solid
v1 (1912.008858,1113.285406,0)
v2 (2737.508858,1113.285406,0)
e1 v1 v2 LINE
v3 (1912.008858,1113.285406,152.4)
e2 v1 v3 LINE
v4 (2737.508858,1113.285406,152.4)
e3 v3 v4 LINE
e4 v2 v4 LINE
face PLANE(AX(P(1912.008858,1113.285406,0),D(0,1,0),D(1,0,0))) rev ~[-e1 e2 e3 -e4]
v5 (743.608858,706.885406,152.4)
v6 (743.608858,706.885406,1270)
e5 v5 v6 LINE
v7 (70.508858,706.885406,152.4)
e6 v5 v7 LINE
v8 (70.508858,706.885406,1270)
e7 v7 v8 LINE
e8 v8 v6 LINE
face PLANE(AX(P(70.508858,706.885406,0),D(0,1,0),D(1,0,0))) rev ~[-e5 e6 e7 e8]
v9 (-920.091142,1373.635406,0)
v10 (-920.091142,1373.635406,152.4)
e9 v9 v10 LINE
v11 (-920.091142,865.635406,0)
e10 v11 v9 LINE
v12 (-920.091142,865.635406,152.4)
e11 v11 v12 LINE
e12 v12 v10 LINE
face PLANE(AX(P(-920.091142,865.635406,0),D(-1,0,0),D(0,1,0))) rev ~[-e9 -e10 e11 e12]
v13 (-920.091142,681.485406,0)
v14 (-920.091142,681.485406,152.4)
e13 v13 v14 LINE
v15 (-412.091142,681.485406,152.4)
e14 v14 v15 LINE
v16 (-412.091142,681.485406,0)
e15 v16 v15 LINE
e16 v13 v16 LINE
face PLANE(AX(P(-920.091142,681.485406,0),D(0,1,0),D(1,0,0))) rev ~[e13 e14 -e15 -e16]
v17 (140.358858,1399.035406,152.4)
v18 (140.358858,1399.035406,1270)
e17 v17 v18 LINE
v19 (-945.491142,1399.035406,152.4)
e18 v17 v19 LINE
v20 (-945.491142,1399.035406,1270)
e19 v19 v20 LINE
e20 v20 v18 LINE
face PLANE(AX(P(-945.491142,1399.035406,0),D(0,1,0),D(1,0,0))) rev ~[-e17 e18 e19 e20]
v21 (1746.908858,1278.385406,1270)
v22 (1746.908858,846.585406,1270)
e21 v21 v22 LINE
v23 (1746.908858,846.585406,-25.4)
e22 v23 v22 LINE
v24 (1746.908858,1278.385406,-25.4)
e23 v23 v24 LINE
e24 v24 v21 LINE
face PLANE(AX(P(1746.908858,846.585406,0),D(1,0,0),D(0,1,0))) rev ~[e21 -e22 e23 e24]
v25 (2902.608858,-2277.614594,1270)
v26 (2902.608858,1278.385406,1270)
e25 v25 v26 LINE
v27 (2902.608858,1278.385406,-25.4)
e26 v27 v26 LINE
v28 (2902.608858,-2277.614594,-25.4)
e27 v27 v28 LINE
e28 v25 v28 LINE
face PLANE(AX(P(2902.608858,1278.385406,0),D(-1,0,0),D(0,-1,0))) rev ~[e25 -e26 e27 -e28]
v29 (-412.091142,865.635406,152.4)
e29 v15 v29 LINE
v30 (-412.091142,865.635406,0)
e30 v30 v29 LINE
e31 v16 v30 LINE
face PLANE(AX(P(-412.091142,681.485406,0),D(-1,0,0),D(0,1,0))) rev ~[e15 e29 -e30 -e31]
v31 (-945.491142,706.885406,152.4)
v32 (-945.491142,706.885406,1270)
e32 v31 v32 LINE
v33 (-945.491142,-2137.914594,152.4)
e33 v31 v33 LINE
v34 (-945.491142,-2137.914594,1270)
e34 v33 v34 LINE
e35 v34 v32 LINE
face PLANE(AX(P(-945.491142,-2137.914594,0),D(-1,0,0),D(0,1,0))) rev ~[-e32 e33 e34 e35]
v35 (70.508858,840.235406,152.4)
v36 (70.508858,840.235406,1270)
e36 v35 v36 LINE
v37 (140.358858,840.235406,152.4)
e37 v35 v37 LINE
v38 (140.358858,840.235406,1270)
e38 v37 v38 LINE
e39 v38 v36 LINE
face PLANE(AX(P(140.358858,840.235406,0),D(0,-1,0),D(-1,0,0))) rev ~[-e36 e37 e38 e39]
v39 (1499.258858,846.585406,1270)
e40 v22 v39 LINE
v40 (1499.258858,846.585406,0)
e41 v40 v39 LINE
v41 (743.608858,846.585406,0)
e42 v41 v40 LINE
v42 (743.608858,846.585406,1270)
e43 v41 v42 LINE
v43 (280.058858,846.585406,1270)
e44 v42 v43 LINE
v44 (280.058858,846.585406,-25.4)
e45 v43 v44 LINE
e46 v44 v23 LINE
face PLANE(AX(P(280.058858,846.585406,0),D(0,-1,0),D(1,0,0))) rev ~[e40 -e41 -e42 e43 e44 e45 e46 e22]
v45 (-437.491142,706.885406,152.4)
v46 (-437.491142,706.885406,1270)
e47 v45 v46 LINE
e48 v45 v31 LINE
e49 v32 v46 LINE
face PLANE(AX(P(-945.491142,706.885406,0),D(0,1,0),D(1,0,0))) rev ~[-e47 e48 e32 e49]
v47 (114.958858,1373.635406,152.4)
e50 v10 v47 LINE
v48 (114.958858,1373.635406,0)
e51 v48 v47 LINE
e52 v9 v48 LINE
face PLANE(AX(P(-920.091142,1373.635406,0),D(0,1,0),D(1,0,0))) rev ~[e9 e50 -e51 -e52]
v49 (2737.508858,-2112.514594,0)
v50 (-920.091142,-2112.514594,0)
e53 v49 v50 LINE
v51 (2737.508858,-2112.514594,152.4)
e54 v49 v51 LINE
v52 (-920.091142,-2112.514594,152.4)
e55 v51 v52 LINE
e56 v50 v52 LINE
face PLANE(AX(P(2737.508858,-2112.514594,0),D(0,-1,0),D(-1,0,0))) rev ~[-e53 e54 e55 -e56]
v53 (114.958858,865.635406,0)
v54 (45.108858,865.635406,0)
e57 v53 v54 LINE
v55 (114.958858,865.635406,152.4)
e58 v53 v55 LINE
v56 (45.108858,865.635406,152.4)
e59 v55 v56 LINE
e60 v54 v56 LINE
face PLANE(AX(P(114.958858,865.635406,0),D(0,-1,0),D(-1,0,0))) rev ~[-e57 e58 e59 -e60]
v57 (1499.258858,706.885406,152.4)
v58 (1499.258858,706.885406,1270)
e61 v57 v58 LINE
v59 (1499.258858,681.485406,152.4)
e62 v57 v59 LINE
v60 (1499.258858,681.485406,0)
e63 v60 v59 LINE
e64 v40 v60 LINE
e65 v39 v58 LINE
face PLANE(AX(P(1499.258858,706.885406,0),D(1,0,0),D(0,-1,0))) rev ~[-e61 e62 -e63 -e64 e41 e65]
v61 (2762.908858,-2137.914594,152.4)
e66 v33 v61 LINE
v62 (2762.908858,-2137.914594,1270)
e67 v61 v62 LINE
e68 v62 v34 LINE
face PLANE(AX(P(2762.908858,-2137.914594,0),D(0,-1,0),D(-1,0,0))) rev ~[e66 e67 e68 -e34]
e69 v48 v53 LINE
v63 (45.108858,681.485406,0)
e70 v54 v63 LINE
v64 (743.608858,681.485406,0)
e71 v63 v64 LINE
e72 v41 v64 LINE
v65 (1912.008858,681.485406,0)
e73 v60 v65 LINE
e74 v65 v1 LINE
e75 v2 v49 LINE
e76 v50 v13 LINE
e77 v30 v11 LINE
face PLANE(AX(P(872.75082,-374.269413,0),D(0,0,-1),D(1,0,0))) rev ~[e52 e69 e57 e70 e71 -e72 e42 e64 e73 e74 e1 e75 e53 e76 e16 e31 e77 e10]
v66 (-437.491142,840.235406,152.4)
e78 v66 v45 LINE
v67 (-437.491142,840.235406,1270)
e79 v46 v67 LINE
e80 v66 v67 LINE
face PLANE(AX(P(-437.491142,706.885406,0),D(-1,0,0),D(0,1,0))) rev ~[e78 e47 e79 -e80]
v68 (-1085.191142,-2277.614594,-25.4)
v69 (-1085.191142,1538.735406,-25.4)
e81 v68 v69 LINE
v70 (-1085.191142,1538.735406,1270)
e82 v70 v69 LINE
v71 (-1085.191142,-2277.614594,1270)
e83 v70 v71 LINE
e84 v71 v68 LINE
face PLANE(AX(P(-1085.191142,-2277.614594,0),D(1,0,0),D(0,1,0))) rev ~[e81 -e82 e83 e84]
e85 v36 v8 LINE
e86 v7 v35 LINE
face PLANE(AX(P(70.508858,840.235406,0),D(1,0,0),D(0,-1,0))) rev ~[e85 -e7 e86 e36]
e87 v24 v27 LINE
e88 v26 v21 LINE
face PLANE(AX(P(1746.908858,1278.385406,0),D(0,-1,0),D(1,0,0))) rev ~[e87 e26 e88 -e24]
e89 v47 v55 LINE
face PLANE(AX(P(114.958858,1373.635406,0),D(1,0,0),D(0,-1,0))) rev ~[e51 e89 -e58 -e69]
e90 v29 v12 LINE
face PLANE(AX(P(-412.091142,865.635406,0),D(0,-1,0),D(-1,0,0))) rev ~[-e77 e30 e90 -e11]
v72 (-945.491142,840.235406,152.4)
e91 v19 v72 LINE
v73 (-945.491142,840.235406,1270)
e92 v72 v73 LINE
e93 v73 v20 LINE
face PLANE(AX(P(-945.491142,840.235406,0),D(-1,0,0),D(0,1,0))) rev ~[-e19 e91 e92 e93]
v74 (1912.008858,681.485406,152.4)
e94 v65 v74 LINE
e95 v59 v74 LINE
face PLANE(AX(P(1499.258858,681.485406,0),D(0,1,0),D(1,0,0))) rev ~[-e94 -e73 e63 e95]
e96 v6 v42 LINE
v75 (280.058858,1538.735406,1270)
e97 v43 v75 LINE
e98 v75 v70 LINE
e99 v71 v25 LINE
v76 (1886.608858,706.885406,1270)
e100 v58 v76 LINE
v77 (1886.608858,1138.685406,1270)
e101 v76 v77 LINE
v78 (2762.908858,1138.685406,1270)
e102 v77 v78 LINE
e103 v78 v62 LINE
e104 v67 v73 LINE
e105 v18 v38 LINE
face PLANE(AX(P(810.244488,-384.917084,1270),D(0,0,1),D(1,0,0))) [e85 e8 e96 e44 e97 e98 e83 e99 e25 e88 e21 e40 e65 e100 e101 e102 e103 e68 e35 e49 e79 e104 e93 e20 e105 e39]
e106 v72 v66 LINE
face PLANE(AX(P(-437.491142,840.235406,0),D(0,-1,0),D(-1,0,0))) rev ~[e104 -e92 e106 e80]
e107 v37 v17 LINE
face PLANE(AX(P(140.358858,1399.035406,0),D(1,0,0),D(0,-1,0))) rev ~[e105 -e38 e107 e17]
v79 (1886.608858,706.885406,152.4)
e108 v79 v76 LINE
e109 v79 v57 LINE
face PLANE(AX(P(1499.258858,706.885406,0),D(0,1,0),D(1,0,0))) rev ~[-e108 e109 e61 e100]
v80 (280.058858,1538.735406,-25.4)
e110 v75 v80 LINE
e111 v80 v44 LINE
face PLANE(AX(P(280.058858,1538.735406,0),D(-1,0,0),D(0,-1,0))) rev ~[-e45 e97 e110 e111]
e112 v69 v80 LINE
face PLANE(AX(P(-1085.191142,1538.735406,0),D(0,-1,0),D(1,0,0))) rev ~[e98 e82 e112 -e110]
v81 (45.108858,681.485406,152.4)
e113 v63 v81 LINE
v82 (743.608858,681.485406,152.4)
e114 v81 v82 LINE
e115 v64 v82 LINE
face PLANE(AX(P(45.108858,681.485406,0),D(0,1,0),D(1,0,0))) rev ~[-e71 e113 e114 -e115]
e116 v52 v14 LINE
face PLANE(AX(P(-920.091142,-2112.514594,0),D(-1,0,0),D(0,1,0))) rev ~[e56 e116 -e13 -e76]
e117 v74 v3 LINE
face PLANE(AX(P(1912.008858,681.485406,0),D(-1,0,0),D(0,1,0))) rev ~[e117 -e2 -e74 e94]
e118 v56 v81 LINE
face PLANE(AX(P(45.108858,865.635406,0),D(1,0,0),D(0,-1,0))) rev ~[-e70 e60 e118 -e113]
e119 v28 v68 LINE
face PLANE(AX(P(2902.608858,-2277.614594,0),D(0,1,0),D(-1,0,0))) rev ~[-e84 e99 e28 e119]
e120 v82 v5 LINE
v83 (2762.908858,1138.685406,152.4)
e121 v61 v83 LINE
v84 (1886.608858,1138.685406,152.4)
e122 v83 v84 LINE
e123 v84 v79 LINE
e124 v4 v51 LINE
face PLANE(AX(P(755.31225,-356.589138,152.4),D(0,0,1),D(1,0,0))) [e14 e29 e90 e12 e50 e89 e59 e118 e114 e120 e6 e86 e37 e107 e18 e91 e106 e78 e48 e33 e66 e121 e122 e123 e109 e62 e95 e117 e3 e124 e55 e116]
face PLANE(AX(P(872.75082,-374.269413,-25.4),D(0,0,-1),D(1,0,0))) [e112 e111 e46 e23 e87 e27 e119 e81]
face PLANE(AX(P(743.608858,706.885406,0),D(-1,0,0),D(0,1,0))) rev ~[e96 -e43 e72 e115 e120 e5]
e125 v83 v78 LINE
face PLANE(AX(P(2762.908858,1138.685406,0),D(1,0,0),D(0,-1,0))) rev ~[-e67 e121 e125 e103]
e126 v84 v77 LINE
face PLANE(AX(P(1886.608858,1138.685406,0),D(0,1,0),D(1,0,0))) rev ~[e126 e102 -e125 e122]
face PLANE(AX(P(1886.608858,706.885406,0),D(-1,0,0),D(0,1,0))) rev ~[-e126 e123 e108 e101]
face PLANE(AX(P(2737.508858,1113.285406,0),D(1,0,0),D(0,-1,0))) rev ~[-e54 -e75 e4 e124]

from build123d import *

# Parameters (mm, degrees)
F1_DEPTH = 1270
F3_DEPTH = 25.4
F5_DEPTH = 152.4


with BuildPart() as f1:
    # F0 (on Top) → F1 (new body)
    with BuildSketch(Plane.XY):
        Polygon((70.508858, 840.235406), (70.508858, 706.885406), (743.608858, 706.885406), (743.608858, 846.585406), (280.058858, 846.585406), (280.058858, 1538.735406), (-1085.191142, 1538.735406), (-1085.191142, -2277.614594), (2902.608858, -2277.614594), (2902.608858, 1278.385406), (1746.908858, 1278.385406), (1746.908858, 846.585406), (1499.258858, 846.585406), (1499.258858, 706.885406), (1886.608858, 706.885406), (1886.608858, 1138.685406), (2762.908858, 1138.685406), (2762.908858, -2137.914594), (-945.491142, -2137.914594), (-945.491142, 706.885406), (-437.491142, 706.885406), (-437.491142, 840.235406), (-945.491142, 840.235406), (-945.491142, 1399.035406), (140.358858, 1399.035406), (140.358858, 840.235406), align=None)
    extrude(amount=F1_DEPTH)

    # F2 (on face) → F3 (join)
    with BuildSketch(Plane(origin=(0, 0, 0), x_dir=(1, 0, 0), z_dir=(0, 0, -1))):
        Polygon((2902.608858, -1278.385406), (2902.608858, 2277.614594), (-1085.191142, 2277.614594), (-1085.191142, -1538.735406), (280.058858, -1538.735406), (280.058858, -846.585406), (1746.908858, -846.585406), (1746.908858, -1278.385406), align=None)
    extrude(amount=F3_DEPTH)

    # F4 (on face) → F5 (join)
    with BuildSketch(Plane.XY):
        Polygon((2762.908858, 1138.685406), (1886.608858, 1138.685406), (1886.608858, 706.885406), (1499.258858, 706.885406), (1499.258858, 681.485406), (1912.008858, 681.485406), (1912.008858, 1113.285406), (2737.508858, 1113.285406), (2737.508858, -2112.514594), (-920.091142, -2112.514594), (-920.091142, 681.485406), (-412.091142, 681.485406), (-412.091142, 865.635406), (-920.091142, 865.635406), (-920.091142, 1373.635406), (114.958858, 1373.635406), (114.958858, 865.635406), (45.108858, 865.635406), (45.108858, 681.485406), (743.608858, 681.485406), (743.608858, 706.885406), (70.508858, 706.885406), (70.508858, 840.235406), (140.358858, 840.235406), (140.358858, 1399.035406), (-945.491142, 1399.035406), (-945.491142, 840.235406), (-437.491142, 840.235406), (-437.491142, 706.885406), (-945.491142, 706.885406), (-945.491142, -2137.914594), (2762.908858, -2137.914594), align=None)
    extrude(amount=F5_DEPTH)


solid = f1.part
